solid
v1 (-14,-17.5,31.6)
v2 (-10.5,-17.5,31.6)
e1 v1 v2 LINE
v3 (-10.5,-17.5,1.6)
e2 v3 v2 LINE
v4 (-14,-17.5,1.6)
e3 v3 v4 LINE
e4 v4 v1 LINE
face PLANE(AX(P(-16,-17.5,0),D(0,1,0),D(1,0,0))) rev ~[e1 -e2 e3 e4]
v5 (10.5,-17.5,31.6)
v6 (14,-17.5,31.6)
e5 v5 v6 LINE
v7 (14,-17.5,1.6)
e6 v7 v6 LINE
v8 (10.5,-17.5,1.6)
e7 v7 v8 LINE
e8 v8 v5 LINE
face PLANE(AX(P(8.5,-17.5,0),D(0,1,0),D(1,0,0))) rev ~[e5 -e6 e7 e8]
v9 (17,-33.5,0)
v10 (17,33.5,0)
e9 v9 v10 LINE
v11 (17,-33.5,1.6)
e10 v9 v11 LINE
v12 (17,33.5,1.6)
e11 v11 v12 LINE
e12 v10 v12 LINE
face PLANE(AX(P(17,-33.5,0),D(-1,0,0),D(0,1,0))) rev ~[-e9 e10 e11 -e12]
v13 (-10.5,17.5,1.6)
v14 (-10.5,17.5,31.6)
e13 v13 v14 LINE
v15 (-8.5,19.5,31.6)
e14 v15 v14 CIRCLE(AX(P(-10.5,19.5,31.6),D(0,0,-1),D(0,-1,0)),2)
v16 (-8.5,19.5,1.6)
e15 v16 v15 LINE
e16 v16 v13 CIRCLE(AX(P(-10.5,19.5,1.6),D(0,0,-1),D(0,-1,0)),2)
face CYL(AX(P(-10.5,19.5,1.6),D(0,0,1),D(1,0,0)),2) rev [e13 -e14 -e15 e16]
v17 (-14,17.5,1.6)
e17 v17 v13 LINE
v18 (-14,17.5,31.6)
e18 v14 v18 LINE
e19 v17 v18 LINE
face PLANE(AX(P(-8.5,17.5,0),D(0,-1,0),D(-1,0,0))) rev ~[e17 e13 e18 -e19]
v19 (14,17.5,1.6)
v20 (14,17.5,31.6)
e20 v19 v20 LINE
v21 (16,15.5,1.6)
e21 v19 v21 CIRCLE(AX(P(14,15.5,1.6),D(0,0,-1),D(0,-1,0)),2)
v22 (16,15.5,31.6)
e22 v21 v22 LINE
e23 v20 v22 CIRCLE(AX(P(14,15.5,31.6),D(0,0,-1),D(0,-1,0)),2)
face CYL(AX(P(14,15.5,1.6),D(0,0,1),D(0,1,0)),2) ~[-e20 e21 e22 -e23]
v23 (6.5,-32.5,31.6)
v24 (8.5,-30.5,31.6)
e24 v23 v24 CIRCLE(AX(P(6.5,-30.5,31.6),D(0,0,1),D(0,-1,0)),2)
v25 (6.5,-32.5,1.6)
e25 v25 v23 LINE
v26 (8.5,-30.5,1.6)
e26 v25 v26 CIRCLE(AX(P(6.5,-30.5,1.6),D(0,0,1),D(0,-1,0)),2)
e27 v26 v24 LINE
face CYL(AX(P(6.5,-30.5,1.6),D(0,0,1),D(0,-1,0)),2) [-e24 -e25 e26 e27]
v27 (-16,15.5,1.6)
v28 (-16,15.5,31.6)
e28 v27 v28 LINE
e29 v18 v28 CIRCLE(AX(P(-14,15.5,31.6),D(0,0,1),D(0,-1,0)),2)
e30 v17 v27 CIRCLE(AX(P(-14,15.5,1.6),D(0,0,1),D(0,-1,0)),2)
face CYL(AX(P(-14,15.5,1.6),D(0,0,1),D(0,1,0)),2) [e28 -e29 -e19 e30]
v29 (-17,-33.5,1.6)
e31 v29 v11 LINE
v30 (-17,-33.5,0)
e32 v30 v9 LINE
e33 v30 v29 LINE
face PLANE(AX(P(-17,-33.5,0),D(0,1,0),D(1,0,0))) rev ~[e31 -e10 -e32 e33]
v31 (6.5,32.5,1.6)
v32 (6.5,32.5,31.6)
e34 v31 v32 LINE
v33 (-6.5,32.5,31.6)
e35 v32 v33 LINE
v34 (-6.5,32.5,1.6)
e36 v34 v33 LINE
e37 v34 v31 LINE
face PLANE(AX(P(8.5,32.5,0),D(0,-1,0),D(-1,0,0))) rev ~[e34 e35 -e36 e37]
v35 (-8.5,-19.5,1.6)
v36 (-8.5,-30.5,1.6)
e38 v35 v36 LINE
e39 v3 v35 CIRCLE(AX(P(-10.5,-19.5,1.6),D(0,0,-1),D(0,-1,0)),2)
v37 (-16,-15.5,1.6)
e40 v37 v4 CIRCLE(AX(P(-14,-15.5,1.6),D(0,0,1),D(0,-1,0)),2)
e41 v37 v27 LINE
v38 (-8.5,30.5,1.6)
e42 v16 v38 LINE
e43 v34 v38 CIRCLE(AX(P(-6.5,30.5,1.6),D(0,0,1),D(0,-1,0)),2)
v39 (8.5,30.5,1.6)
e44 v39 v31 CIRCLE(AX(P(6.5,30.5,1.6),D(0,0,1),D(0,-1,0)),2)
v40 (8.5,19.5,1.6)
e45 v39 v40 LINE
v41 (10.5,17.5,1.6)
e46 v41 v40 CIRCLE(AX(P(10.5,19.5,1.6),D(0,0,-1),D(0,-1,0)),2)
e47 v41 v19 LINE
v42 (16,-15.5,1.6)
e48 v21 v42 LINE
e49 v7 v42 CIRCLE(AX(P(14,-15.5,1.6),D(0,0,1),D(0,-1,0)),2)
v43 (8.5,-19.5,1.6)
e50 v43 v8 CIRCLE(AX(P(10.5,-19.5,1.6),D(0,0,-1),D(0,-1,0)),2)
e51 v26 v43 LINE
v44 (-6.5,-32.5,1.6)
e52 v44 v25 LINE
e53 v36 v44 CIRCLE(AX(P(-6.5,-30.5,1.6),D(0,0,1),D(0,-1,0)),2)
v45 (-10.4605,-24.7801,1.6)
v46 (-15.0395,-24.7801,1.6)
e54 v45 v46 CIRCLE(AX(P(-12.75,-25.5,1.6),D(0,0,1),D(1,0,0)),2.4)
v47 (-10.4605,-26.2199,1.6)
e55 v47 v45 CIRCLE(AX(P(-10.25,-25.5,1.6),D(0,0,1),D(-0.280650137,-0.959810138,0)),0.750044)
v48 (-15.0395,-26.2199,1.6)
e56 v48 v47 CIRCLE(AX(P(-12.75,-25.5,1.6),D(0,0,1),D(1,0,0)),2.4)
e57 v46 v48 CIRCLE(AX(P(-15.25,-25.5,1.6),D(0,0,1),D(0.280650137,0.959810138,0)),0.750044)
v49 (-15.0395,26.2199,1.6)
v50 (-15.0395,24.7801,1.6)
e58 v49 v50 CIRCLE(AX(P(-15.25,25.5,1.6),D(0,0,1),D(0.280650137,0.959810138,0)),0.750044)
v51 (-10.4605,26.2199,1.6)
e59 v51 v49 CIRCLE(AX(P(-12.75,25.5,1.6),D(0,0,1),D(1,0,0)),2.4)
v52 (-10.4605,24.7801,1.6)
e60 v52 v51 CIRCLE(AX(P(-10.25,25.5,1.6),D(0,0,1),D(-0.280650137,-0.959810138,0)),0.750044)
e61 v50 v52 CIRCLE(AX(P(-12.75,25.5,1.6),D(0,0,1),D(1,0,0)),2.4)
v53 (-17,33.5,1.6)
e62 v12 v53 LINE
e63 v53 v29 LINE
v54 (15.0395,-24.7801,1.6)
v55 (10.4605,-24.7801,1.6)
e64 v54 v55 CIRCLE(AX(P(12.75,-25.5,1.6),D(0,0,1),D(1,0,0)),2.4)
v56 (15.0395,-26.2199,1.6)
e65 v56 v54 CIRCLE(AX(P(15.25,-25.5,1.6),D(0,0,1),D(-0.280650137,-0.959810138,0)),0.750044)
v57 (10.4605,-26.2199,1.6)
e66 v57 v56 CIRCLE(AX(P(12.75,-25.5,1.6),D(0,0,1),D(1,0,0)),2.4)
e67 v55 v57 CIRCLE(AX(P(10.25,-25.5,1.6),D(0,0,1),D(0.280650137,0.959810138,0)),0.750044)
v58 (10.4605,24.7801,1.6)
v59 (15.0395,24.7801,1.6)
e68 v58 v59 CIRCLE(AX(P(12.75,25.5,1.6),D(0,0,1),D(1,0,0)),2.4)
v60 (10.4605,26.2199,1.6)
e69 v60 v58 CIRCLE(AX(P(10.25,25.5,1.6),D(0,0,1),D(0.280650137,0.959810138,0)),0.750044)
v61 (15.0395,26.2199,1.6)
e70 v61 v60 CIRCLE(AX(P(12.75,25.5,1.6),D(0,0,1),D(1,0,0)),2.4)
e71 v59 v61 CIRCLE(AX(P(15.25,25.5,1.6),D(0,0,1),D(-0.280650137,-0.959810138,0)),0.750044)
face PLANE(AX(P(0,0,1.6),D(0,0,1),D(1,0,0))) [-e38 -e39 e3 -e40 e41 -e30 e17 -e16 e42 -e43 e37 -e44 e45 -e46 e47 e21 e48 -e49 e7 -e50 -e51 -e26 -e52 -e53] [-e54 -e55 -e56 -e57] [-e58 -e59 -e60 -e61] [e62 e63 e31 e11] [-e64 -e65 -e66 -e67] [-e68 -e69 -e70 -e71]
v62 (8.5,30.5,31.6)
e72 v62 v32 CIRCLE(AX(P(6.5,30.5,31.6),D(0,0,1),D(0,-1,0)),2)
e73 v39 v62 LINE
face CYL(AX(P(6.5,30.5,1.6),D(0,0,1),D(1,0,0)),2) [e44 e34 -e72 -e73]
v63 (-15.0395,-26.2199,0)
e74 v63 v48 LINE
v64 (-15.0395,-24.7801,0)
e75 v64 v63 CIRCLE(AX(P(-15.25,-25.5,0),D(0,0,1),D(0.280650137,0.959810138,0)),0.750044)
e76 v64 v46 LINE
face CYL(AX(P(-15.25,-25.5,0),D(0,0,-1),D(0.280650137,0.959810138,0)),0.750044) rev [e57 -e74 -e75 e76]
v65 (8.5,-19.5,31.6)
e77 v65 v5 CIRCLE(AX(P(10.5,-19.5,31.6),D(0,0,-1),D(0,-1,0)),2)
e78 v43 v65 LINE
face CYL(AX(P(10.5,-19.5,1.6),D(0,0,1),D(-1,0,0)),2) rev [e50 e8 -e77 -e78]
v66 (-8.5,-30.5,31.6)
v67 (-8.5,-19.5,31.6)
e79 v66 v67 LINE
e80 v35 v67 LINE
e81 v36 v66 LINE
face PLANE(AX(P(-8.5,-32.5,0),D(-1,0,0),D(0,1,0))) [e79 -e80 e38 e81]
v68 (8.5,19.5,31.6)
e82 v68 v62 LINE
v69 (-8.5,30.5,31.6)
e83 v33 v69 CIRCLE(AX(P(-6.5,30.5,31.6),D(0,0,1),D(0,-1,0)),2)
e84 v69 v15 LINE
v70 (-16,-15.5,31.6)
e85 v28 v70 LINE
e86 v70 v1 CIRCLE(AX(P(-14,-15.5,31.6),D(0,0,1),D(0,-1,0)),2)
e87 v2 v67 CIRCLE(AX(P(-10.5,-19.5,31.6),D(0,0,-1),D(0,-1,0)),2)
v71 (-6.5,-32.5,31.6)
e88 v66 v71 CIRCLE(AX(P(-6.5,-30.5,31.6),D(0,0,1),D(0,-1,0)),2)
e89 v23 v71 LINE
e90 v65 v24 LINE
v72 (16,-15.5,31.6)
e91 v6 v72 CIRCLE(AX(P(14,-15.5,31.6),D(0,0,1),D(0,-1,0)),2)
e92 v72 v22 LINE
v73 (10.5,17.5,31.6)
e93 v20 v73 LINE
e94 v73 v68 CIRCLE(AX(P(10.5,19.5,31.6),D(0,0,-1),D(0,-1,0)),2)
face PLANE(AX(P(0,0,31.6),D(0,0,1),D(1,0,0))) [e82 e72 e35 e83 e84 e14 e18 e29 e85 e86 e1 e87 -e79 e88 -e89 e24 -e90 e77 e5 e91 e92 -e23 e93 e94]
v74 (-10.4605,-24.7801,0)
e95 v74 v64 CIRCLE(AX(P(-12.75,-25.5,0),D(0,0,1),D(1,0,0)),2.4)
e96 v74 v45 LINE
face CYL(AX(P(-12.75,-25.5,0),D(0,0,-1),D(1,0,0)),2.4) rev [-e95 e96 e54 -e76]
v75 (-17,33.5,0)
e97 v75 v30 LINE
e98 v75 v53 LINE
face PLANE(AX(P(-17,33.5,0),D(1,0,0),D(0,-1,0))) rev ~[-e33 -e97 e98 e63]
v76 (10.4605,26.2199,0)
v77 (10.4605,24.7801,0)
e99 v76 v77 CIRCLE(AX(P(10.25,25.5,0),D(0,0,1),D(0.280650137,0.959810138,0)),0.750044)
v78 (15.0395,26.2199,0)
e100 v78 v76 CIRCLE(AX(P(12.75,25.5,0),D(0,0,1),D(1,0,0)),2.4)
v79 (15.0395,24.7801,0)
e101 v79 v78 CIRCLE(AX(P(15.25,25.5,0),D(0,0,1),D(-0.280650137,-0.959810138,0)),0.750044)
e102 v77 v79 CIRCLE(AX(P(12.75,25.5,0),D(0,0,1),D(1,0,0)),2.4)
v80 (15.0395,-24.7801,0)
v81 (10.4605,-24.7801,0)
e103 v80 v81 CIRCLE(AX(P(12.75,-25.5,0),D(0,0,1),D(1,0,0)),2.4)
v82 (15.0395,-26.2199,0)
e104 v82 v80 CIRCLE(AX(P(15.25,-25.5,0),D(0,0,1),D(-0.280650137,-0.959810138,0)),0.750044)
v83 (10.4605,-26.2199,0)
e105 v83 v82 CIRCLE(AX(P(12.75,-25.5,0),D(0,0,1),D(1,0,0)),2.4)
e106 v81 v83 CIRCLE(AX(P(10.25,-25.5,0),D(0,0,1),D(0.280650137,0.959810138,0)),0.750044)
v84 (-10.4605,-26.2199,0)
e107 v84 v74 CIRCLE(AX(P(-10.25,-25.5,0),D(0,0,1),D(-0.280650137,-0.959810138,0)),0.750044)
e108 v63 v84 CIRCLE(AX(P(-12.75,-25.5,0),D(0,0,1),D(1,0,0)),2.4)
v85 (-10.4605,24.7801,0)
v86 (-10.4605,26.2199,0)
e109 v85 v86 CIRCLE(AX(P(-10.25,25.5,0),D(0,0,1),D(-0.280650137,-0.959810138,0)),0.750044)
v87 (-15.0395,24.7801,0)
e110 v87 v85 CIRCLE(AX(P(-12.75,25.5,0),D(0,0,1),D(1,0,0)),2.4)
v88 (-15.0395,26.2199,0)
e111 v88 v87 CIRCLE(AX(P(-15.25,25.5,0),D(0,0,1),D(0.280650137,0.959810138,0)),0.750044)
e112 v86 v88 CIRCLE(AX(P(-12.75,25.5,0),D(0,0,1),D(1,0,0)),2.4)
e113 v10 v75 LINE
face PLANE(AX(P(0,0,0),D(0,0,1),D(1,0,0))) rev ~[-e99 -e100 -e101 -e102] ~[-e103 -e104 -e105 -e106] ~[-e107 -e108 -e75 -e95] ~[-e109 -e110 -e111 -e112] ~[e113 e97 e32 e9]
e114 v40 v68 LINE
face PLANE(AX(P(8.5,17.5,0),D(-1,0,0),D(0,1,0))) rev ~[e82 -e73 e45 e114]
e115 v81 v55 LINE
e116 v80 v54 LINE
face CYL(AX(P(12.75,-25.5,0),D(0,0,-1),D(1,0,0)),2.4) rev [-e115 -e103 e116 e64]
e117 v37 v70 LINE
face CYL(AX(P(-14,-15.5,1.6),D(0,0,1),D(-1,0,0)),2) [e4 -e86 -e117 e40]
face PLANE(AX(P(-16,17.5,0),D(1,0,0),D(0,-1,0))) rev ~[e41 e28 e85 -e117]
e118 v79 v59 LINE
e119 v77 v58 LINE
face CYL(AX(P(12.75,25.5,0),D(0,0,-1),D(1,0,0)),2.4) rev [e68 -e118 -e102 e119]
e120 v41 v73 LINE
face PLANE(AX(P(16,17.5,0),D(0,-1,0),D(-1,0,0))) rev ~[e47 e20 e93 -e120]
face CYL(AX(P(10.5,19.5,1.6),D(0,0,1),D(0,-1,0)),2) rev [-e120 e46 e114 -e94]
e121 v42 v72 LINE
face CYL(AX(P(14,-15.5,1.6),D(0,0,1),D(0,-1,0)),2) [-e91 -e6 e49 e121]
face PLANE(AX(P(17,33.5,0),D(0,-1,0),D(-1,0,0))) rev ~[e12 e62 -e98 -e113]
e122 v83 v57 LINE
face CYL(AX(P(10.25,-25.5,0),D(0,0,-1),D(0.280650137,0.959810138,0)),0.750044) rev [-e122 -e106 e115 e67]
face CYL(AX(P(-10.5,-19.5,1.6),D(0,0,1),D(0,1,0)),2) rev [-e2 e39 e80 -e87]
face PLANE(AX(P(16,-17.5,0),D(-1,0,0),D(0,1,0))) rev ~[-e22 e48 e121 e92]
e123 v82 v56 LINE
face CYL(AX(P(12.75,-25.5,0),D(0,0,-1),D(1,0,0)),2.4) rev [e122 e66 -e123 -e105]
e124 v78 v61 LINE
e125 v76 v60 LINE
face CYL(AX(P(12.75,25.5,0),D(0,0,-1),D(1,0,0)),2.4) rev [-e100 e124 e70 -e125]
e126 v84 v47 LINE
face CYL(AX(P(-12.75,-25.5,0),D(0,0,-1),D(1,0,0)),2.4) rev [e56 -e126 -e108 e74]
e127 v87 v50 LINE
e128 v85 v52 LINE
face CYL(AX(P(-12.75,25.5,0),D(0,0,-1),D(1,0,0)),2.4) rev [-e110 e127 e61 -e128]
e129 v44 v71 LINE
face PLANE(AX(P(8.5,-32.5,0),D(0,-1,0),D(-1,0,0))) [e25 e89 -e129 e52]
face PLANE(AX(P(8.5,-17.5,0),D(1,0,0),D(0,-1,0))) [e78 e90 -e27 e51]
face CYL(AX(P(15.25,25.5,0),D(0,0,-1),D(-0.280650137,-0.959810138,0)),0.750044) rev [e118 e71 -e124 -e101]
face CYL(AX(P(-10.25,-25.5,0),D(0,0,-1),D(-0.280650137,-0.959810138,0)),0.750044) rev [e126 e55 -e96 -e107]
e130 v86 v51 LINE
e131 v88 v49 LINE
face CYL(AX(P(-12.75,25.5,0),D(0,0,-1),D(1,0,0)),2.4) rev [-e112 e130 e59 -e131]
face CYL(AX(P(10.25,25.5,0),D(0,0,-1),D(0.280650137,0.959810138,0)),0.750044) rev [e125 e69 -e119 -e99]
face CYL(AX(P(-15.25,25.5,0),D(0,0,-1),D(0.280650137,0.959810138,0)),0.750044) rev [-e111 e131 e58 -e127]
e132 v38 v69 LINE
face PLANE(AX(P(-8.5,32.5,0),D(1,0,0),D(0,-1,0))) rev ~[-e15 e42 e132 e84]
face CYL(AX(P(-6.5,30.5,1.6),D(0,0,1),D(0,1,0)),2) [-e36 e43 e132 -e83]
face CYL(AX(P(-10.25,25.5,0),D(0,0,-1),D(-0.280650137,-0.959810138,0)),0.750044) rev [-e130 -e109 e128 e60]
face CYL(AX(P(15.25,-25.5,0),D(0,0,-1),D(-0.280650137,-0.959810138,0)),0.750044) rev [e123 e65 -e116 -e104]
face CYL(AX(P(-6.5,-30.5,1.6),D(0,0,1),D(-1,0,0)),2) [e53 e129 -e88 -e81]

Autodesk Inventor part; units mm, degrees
ref_plane "YZ Plane" through (0, 0, 0) normal (1, 0, 0) x (0, 1, 0)
ref_plane "XZ Plane" through (0, 0, 0) normal (0, 1, 0) x (-1, 0, 0)
ref_plane "XY Plane" through (0, 0, 0) normal (0, 0, 1) x (1, 0, 0)
sketch "Sketch1" plane through (0, 0, 0) normal (0, 0, 1) x (1, 0, 0)
  line L0 (17, 33.5) -> (-17, 33.5)
  line L1 (-17, 33.5) -> (-17, -33.5)
  line L2 (-17, -33.5) -> (17, -33.5)
  line L3 (17, -33.5) -> (17, 33.5)
  line L4 (17, 33.5) -> (-17, -33.5) construction
  line L5 (-17, 33.5) -> (17, -33.5) construction
  line L6 (-12.75, 25.5) -> (12.75, 25.5) construction
  line L7 (12.75, 25.5) -> (12.75, -25.5) construction
  line L8 (12.75, -25.5) -> (-12.75, -25.5) construction
  line L9 (-12.75, -25.5) -> (-12.75, 25.5) construction
  line L10 (-12.75, 25.5) -> (12.75, -25.5) construction
  line L11 (12.75, 25.5) -> (-12.75, -25.5) construction
  line L12 (17, 0) -> (-17, 0) construction
  line L13 (0, 33.5) -> (0, -33.5) construction
  circle A0 centre (12.75, 25.5) radius 2.4
  circle A1 centre (-12.75, 25.5) radius 2.4
  circle A2 centre (12.75, -25.5) radius 2.4
  circle A3 centre (-12.75, -25.5) radius 2.4
  line L14 (12.75, 32.5) -> (12.75, 18.5) construction
  line L15 (16, 17.5) -> (-16, 17.5)
  line L16 (-16, 17.5) -> (-16, -17.5)
  line L17 (-16, -17.5) -> (16, -17.5)
  line L18 (16, -17.5) -> (16, 17.5)
  line L19 (16, 17.5) -> (-16, -17.5) construction
  line L20 (-16, 17.5) -> (16, -17.5) construction
  line L21 (8.5, 17.5) -> (8.5, 32.5)
  line L22 (8.5, 32.5) -> (-8.5, 32.5)
  line L23 (-8.5, 32.5) -> (-8.5, 17.5)
  line L24 (8.5, -17.5) -> (8.5, -32.5)
  line L25 (8.5, -32.5) -> (-8.5, -32.5)
  line L26 (-8.5, -32.5) -> (-8.5, -17.5)
  arc A4 (10.4605, 26.2199) -> (10.4605, 24.7801) centre (10.25, 25.5) ccw
  arc A5 (15.0395, 24.7801) -> (15.0395, 26.2199) centre (15.25, 25.5) ccw
  arc A6 (10.4605, -24.7801) -> (10.4605, -26.2199) centre (10.25, -25.5) ccw
  arc A7 (15.0395, -26.2199) -> (15.0395, -24.7801) centre (15.25, -25.5) ccw
  arc A8 (-10.4605, 24.7801) -> (-10.4605, 26.2199) centre (-10.25, 25.5) ccw
  arc A9 (-15.0395, 26.2199) -> (-15.0395, 24.7801) centre (-15.25, 25.5) ccw
  arc A10 (-10.4605, -26.2199) -> (-10.4605, -24.7801) centre (-10.25, -25.5) ccw
  arc A11 (-15.0395, -24.7801) -> (-15.0395, -26.2199) centre (-15.25, -25.5) ccw
  point P0 (0, 0)
  point P1 (8.5, -17.5)
  point P2 (-8.5, -17.5)
  point P3 (16, 25.5)
  point P4 (9.5, 25.5)
  point P5 (15.0395, 26.2199)
  point P6 (15.0395, 24.7801)
  point P7 (15.0395, -24.7801)
  point P8 (15.0395, -26.2199)
  point P9 (10.4605, -26.2199)
  point P10 (10.4605, -24.7801)
  point P11 (-15.0395, -26.2199)
  point P12 (-15.0395, -24.7801)
  point P13 (-10.4605, -24.7801)
  point P14 (-10.4605, -26.2199)
  point P15 (-15.0395, 24.7801)
  point P16 (-15.0395, 26.2199)
  point P17 (-10.4605, 26.2199)
  point P18 (-10.4605, 24.7801)
  dimension "d0" = 34
  dimension "d1" = 67
  dimension "d19" = 4.8
  dimension "d33" = 51
  dimension "d34" = 25.5
  dimension "d38" = 1
  dimension "d43" = 1
  dimension "d44" = 1
  dimension "d46" = 6.5
  dimension "d47" = 1.5
  dimension "d48" = 1
  dimension "d50" = 16
extrude "Extrusion1" add sketch "Sketch1" along normal blind 1.6 contours L3 L2 L1 L0 | L18 L17 L16 L15 | L15 L23 L22 L21 | L24 L25 L26 L17
extrude "Extrusion2" add sketch "Sketch1" along normal blind 31.6 contours L18 L17 L16 L15 | L15 L23 L22 L21 | L24 L25 L26 L17
fillet "Fillet1" radius 2 12 edges at (16, -17.5, 16.6) (16, 17.5, 16.6) (-16, -17.5, 16.6) (-16, 17.5, 16.6) (8.5, 17.5, 16.6) (8.5, -17.5, 16.6) (8.5, -32.5, 16.6) (-8.5, -32.5, 16.6) (-8.5, -17.5, 16.6) (-8.5, 17.5, 16.6) (-8.5, 32.5, 16.6) (8.5, 32.5, 16.6)
properties part number "SUSTAINA-POWER-DISTRIBUTION-BOARD" material "Acetal Resin, Black"
